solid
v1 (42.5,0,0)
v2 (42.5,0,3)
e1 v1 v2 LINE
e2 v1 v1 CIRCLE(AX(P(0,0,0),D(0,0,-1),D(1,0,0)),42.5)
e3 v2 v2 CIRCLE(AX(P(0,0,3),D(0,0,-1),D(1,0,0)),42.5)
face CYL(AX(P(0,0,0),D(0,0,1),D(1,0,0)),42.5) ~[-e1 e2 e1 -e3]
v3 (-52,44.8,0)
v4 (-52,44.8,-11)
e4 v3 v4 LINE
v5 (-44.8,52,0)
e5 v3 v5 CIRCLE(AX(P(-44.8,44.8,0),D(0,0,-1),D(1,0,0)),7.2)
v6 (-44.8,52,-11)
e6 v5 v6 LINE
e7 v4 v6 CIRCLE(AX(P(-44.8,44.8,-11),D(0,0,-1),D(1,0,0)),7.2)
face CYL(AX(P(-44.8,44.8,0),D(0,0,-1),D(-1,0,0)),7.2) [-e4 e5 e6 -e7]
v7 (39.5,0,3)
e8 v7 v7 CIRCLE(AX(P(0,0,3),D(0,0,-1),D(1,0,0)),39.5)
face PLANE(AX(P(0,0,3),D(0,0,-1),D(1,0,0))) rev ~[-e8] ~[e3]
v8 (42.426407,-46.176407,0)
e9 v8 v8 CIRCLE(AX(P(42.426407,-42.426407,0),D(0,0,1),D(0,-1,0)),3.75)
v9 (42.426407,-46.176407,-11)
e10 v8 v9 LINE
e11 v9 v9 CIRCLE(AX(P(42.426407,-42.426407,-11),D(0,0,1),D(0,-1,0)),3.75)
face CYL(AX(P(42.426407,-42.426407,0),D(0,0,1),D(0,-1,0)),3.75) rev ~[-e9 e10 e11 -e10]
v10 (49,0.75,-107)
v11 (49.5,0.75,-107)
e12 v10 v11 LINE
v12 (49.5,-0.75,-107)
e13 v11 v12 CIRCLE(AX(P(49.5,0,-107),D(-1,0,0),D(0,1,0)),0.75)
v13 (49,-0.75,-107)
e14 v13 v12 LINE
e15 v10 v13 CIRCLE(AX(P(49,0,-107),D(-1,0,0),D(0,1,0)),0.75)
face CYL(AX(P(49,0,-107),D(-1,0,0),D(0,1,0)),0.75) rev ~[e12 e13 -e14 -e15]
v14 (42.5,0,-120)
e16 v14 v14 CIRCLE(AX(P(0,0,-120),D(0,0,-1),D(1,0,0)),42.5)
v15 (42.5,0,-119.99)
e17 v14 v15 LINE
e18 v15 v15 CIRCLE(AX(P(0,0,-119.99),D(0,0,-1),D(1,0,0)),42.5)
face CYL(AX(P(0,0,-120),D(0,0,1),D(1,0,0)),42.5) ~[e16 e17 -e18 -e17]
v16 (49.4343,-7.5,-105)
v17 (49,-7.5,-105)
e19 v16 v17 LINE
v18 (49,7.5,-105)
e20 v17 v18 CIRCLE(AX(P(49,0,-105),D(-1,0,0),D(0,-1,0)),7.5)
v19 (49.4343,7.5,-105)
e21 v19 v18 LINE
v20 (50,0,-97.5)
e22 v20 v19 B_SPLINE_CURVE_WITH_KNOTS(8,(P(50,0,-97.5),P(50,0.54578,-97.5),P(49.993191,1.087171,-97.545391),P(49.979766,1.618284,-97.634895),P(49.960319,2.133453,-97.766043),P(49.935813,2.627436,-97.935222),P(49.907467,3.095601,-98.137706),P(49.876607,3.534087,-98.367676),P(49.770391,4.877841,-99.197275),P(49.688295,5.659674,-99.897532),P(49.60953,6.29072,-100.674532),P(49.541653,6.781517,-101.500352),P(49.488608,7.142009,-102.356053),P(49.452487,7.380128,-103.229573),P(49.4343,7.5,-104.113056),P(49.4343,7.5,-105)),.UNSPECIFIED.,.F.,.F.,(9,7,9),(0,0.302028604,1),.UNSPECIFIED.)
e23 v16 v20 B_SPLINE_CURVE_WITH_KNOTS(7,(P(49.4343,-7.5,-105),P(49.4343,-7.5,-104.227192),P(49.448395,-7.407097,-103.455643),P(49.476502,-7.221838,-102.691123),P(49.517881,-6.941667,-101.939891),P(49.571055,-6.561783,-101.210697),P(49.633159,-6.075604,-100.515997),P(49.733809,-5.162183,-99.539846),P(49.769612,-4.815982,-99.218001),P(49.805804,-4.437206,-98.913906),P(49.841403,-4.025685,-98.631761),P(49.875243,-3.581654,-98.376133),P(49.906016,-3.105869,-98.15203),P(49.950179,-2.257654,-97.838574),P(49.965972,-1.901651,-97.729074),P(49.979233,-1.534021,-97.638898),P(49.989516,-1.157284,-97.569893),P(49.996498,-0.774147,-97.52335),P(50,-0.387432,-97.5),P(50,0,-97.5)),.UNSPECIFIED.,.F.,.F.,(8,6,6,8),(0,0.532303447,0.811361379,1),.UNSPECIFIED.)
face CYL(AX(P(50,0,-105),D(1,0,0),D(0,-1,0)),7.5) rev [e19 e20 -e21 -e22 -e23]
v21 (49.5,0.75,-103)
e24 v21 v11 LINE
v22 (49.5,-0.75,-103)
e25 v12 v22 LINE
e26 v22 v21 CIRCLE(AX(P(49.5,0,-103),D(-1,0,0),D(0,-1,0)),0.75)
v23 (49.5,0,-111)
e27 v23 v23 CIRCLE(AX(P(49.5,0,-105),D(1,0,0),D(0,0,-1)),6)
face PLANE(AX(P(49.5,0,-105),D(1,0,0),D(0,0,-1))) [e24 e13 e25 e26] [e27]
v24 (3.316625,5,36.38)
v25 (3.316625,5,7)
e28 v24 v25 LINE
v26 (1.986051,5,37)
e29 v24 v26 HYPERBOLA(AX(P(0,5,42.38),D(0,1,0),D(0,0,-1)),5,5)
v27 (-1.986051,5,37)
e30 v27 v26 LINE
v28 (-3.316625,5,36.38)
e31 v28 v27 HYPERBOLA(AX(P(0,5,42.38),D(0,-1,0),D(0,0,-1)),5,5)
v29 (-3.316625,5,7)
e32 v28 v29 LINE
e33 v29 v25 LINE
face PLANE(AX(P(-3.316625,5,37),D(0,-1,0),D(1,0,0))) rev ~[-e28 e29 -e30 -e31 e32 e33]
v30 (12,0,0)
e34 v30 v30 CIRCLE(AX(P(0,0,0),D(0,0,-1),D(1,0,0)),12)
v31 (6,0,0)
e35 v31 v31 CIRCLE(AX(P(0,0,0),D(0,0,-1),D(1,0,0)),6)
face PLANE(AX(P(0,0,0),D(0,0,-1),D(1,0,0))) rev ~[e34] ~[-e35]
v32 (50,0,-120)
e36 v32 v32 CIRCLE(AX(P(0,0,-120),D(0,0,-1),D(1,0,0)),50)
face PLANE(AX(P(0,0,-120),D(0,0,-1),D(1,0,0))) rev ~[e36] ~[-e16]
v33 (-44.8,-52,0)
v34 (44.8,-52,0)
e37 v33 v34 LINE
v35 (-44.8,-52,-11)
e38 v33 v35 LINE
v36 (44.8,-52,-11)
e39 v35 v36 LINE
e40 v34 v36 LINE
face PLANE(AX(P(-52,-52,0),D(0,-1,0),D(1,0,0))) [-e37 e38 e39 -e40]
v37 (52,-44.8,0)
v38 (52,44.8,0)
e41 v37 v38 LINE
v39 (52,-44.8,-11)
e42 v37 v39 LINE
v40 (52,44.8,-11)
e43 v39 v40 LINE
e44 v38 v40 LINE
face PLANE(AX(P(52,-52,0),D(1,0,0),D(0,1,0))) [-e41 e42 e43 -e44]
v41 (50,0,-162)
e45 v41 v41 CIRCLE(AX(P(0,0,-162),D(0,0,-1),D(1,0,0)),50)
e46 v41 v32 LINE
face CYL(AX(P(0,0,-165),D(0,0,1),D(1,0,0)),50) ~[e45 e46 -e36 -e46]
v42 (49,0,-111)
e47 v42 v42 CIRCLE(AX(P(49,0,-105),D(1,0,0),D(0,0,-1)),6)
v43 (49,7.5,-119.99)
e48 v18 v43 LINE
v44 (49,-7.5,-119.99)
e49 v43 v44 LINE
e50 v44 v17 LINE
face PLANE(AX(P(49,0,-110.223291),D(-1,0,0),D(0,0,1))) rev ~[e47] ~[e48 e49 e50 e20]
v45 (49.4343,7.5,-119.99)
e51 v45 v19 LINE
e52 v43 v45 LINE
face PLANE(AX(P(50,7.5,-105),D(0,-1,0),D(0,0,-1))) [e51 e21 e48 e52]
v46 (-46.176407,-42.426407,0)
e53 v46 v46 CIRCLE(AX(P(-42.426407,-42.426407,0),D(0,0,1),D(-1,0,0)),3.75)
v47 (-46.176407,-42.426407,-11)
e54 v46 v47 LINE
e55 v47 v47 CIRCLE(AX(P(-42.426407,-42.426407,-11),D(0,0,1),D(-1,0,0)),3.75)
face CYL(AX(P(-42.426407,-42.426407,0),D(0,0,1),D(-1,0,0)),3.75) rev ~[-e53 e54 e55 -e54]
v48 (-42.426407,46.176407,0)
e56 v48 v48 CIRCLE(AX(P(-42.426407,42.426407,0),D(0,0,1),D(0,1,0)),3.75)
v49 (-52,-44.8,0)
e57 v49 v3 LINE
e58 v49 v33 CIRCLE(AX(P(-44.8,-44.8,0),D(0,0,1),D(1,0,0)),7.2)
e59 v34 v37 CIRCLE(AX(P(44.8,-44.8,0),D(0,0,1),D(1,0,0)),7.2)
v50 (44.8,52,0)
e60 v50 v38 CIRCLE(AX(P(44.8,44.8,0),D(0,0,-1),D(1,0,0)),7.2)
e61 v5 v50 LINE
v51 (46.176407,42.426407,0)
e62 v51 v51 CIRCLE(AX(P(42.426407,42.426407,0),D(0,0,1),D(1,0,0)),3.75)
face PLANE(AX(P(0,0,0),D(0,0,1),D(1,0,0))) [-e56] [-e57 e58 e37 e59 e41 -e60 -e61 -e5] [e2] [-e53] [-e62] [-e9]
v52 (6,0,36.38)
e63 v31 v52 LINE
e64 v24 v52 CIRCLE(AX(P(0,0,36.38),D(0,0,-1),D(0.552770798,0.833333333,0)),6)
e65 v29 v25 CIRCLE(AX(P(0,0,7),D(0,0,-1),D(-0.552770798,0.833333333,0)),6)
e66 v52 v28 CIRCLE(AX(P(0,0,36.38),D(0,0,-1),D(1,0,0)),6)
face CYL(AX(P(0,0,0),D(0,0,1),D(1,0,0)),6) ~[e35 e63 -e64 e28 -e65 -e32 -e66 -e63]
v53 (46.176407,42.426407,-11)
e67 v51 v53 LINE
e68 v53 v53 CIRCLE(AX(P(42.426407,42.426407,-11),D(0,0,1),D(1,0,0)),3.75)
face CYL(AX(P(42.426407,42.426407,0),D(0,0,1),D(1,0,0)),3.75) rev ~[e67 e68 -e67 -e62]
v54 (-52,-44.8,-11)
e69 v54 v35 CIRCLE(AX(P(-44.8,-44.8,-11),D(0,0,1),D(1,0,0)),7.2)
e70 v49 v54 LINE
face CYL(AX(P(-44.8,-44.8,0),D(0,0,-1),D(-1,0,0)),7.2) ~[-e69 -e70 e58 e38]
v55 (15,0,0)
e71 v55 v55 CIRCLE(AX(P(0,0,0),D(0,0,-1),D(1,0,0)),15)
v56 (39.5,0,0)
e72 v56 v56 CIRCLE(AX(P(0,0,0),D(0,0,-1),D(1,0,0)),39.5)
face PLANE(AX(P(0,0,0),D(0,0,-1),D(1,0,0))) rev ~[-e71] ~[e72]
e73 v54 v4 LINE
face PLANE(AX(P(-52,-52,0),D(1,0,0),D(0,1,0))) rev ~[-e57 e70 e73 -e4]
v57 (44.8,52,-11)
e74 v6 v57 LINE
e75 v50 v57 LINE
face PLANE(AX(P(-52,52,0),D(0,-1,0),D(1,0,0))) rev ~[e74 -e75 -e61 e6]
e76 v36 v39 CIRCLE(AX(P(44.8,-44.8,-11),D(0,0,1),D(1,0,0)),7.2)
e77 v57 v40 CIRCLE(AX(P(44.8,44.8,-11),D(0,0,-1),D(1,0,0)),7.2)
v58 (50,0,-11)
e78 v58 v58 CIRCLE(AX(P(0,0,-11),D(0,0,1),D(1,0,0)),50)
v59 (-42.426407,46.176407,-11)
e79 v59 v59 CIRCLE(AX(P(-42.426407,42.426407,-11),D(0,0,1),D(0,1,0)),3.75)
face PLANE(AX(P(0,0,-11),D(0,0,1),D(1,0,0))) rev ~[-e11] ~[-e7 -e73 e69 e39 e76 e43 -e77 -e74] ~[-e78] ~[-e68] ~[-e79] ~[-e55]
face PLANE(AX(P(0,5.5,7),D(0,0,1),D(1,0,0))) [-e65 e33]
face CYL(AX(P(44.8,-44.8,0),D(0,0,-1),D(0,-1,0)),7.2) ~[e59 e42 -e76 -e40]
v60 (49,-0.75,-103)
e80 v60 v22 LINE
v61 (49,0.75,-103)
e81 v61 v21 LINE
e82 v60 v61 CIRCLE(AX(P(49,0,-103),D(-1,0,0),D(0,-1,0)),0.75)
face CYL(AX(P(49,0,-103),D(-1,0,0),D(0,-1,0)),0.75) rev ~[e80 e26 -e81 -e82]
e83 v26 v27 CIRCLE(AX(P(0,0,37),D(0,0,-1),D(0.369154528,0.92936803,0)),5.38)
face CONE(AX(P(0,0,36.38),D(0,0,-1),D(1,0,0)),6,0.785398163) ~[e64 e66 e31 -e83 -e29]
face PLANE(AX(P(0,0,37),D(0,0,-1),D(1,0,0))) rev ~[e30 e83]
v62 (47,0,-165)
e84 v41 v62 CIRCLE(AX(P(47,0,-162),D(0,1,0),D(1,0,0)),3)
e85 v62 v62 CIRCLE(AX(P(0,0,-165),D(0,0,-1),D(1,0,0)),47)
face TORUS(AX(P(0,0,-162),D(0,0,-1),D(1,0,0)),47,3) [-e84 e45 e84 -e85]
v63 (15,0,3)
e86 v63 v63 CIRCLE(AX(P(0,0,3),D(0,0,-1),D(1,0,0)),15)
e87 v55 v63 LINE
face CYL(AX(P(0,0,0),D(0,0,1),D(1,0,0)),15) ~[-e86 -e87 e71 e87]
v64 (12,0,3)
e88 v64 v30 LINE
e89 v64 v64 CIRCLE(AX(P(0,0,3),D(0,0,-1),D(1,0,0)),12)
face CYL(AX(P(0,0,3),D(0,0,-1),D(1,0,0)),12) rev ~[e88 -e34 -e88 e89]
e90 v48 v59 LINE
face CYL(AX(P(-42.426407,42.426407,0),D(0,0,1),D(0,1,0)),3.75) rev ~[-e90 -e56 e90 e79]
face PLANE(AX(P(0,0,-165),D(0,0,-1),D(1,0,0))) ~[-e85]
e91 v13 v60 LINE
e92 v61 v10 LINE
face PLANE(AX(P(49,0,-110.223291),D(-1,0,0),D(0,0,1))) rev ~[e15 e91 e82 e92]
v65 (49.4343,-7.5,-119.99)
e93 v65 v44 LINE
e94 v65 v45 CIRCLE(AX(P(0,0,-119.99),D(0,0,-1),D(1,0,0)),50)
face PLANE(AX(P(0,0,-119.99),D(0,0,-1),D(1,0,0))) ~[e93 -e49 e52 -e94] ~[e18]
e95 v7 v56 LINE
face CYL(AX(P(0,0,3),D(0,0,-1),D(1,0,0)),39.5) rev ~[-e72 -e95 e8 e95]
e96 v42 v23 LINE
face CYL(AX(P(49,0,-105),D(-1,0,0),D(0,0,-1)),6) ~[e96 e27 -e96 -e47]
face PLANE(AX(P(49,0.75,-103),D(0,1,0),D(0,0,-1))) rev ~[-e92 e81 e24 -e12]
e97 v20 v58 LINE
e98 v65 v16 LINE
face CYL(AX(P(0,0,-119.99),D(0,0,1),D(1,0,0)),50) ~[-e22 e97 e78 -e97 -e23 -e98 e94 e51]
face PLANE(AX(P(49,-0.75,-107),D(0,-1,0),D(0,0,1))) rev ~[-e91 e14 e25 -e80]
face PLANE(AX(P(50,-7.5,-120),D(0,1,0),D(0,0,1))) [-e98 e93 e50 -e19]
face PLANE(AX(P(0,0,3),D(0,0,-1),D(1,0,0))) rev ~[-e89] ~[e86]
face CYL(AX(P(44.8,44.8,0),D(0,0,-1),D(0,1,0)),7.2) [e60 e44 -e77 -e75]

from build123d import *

# Parameters (mm, degrees)
SKETCH_3_W               = 104
SKETCH_3_H               = 104
EXTRUDE_1_DEPTH          = 11
SKETCH_4_R               = 3.75
CUT_EXTRUDE_1_DEPTH      = 11
PATTERN_CIRCULAR_1_COUNT = 4
FILLET_1_R               = 7.2
SKETCH_5_W               = 6.63324958
SKETCH_5_H               = 1
CUT_EXTRUDE_2_DEPTH      = 30
FILLET_2_R               = 3
CUT_EXTRUDE_START        = 50
CUT_EXTRUDE_3_DEPTH      = 1
SKETCH_7_R               = 6
EXTRUDE_2_DEPTH          = 0.5
CHAMFER_2_SIZE           = 0.62
MOVE_BODY_1_ANGLE        = 90


with BuildPart() as part:
    # 草图2 → 旋转1 (revolve)
    with BuildSketch(Plane.XY, mode=Mode.PRIVATE) as revolve_1_sk:
        Polygon((0, 15), (-3, 15), (-3, 12), (0, 12), (0, 6), (-37, 6), (-37, 0), (165, 0), (165, 50), (120, 50), (120, 42.5), (119.99, 42.5), (119.99, 50), (0, 50), (0, 42.5), (-3, 42.5), (-3, 39.5), (0, 39.5), align=None)
    revolve(revolve_1_sk.sketch.rotate(Axis((-37, 0, 0), (1, 0, 0)), 90), axis=Axis((-37, 0, 0), (1, 0, 0)))

    # 草图3 → 凸台-拉伸1 (add)
    with BuildSketch(Plane.ZY):
        Rectangle(SKETCH_3_W, SKETCH_3_H)
    extrude(amount=-EXTRUDE_1_DEPTH)

    # 草图4 → 切除-拉伸1 (cut)
    with BuildSketch(Plane.ZY):
        with Locations((42.426406871, 42.426406871)):
            Circle(SKETCH_4_R)
    cut_extrude_1 = extrude(amount=-CUT_EXTRUDE_1_DEPTH, mode=Mode.SUBTRACT)

    # 阵列(圆周)1: 切除-拉伸1 ×4 about axis
    pattern_circular_1_axis = Axis((0, 0, 0), (1, 0, 0))
    for i in range(1, PATTERN_CIRCULAR_1_COUNT):
        add(cut_extrude_1.rotate(pattern_circular_1_axis, i * 360 / PATTERN_CIRCULAR_1_COUNT), mode=Mode.SUBTRACT)

    # 圆角1
    fillet_1_edges = [part.edges().sort_by_distance(p)[0] for p in [
        (5.5, -52, -52),
        (5.5, 52, -52),
        (5.5, 52, 52),
        (5.5, -52, 52),
    ]]
    fillet(fillet_1_edges, radius=FILLET_1_R)

    # 草图5 → 切除-拉伸2 (cut)
    with BuildSketch(Plane.ZY.offset(37)):
        with Locations((0, 5.5)):
            Rectangle(SKETCH_5_W, SKETCH_5_H)
    extrude(amount=-CUT_EXTRUDE_2_DEPTH, mode=Mode.SUBTRACT)

    # 圆角2
    fillet_2_edges = [part.edges().sort_by_distance(p)[0] for p in [
        (165, 0, -50),
    ]]
    fillet(fillet_2_edges, radius=FILLET_2_R)

    # 草图6 → 切除-拉伸3 (cut)
    with BuildSketch(Plane.XY.offset(CUT_EXTRUDE_START)):
        with BuildLine():
            Line((105, 7.5), (120, 7.5))
            Line((120, 7.5), (120, -7.5))
            Line((120, -7.5), (105, -7.5))
            ThreePointArc((105, -7.5), (97.5, 0), (105, 7.5))
        make_face()
    extrude(amount=-CUT_EXTRUDE_3_DEPTH, mode=Mode.SUBTRACT)

    # 草图7 → 凸台-拉伸2 (add)
    with BuildSketch(Plane.XY.offset(49)):
        with Locations((105, 0)):
            Circle(SKETCH_7_R)
        with BuildLine():
            Line((103, 0.75), (107, 0.75))
            ThreePointArc((107, 0.75), (107.75, 0), (107, -0.75))
            Line((107, -0.75), (103, -0.75))
            ThreePointArc((103, -0.75), (102.25, 0), (103, 0.75))
        make_face(mode=Mode.SUBTRACT)
    extrude(amount=EXTRUDE_2_DEPTH)

    # 倒角2
    chamfer_2_edges = [part.edges().sort_by_distance(p)[0] for p in [
        (-37, -5.286764074, -2.837274331),
    ]]
    chamfer(chamfer_2_edges, length=CHAMFER_2_SIZE)


with BuildPart() as part_1:
    # Move Body 1: moved
    add(part.part.rotate(Axis((0, 0, 0), (0, 1, 0)), MOVE_BODY_1_ANGLE))


solid = part_1.part
